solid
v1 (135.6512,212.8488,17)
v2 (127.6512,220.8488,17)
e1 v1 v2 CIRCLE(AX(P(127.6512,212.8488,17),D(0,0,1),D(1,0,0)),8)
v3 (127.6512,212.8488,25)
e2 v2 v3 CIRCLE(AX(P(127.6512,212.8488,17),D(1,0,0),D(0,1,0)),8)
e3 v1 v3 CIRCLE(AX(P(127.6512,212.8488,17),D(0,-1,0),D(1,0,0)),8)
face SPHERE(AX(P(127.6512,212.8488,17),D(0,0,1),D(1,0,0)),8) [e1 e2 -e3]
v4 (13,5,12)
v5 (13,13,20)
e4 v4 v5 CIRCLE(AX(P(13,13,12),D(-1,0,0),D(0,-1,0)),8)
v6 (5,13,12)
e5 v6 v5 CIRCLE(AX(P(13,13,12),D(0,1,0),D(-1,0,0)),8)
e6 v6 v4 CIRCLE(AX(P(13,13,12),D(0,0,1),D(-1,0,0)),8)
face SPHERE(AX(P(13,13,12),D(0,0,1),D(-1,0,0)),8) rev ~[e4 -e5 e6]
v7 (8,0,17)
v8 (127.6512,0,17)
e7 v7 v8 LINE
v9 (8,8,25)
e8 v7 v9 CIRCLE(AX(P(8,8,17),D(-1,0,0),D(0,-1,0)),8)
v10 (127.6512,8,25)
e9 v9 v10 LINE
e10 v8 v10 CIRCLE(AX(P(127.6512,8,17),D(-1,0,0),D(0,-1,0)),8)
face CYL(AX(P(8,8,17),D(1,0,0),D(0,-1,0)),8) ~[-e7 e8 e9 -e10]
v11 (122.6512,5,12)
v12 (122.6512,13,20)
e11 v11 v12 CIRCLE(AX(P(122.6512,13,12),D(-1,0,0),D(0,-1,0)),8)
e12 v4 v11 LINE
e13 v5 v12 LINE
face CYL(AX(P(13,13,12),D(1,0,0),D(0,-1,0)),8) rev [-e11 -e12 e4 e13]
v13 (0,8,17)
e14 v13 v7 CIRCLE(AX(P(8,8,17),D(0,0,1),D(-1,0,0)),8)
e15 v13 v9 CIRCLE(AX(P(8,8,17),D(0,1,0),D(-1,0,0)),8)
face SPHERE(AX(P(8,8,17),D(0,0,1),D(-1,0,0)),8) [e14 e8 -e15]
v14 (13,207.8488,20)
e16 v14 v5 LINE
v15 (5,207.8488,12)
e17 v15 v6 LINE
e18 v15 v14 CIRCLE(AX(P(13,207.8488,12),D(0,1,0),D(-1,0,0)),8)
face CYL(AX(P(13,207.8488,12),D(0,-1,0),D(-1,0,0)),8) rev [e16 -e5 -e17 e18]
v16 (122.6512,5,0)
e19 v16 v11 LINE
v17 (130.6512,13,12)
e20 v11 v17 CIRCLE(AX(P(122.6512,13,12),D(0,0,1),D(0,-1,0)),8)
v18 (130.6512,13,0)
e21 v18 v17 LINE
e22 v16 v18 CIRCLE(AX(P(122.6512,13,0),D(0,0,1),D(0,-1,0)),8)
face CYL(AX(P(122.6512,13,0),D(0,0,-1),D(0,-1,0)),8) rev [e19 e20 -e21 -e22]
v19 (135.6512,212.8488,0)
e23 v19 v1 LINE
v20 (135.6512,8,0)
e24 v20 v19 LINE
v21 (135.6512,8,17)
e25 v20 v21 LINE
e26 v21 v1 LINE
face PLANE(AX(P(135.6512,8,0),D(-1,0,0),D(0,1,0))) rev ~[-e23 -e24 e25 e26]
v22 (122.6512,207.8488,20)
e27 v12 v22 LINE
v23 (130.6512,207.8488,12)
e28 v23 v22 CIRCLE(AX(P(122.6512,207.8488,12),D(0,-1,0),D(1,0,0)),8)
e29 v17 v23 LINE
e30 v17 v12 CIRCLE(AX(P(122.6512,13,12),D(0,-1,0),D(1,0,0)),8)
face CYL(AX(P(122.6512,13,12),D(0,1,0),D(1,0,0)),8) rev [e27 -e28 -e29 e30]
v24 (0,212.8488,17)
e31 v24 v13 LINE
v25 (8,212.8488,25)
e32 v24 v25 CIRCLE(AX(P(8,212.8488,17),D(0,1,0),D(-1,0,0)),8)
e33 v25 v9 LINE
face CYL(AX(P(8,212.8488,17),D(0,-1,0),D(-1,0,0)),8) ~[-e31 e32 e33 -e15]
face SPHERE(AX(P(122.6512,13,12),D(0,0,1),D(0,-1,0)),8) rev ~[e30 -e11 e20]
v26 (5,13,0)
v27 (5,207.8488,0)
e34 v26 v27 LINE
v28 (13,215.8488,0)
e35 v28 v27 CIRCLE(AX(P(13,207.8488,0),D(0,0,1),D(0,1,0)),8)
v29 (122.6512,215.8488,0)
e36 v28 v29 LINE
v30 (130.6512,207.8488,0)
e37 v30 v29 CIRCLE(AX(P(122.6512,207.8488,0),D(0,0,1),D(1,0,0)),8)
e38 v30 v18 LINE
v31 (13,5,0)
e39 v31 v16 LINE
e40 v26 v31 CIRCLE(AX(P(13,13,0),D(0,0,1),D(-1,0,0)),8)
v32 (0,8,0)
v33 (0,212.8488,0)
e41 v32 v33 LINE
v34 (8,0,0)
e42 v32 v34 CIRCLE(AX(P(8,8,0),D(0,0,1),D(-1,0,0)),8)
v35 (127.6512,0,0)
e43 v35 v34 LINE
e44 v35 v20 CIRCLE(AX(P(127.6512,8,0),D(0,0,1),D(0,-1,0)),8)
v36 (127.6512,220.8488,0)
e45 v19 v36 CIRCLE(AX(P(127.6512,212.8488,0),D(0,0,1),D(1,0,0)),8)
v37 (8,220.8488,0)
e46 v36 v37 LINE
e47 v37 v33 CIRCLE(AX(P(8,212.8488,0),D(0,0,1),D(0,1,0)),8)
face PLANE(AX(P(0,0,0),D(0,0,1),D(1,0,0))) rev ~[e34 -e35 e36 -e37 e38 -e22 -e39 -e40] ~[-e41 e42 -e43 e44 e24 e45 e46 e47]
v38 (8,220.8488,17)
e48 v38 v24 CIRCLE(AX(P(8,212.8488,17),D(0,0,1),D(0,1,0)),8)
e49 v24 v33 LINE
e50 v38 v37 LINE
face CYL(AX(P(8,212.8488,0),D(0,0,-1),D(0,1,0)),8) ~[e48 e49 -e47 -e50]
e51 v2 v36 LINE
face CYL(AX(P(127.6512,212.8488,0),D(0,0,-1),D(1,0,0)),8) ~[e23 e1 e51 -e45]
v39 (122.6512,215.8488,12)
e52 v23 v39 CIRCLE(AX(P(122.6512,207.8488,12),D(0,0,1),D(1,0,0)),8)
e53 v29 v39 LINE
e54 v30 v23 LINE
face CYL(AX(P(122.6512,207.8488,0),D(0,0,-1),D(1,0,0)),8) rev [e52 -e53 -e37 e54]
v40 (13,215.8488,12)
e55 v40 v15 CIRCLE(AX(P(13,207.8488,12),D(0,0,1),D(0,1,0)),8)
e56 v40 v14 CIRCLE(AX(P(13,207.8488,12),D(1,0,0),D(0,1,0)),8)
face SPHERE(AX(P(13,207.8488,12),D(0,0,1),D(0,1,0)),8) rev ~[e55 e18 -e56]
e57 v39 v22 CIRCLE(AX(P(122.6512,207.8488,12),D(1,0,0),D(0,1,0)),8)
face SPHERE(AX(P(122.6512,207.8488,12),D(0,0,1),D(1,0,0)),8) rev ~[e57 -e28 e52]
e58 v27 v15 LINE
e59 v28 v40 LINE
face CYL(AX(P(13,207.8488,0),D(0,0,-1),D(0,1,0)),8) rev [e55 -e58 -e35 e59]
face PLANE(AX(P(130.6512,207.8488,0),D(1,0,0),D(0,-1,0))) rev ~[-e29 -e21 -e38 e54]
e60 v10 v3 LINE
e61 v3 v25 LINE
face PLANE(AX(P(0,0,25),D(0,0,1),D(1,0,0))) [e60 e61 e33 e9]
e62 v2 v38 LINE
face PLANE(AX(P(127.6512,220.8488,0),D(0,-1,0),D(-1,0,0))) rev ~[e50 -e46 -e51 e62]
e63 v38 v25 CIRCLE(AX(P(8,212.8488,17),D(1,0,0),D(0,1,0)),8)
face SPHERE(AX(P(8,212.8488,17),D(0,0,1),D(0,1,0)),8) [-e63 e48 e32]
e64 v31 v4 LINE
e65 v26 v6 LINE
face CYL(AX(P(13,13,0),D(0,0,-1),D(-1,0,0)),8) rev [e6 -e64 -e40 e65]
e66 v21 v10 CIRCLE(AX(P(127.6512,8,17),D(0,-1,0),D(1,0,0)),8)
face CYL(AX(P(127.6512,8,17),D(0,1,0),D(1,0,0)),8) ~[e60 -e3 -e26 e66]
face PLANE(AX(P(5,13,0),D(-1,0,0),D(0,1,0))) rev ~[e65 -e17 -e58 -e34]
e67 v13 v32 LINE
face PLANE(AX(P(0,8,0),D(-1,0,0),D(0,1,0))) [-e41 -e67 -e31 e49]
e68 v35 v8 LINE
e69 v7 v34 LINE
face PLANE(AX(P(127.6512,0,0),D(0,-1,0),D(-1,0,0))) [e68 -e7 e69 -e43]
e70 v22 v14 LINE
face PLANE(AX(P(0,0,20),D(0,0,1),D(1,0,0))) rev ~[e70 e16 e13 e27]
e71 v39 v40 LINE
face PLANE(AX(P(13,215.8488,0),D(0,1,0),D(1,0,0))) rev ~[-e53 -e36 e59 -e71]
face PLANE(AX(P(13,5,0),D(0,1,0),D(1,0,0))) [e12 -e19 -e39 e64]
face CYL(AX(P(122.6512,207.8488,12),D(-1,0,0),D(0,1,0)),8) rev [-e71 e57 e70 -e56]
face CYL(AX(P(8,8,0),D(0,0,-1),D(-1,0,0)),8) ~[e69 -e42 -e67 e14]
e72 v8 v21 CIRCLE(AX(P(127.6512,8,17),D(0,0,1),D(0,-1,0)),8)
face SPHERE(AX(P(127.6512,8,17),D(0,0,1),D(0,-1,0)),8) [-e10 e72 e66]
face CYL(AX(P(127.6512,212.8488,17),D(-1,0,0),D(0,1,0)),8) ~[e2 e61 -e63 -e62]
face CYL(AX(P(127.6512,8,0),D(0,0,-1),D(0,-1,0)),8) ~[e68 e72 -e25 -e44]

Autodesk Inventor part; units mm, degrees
ref_plane "YZ Plane" through (0, 0, 0) normal (1, 0, 0) x (0, 1, 0)
ref_plane "XZ Plane" through (0, 0, 0) normal (0, 1, 0) x (-1, 0, 0)
ref_plane "XY Plane" through (0, 0, 0) normal (0, 0, 1) x (1, 0, 0)
sketch "Эскиз1" plane through (0, 0, 0) normal (0, 0, 1) x (1, 0, 0)
  line L0 (5, 13) -> (5, 207.8488) projected
  arc A0 (13, 215.8488) -> (5, 207.8488) centre (13, 207.8488) ccw projected
  line L1 (13, 215.8488) -> (122.6512, 215.8488) projected
  arc A1 (130.6512, 207.8488) -> (122.6512, 215.8488) centre (122.6512, 207.8488) ccw projected
  line L2 (130.6512, 207.8488) -> (130.6512, 13) projected
  arc A2 (122.6512, 5) -> (130.6512, 13) centre (122.6512, 13) ccw projected
  line L3 (13, 5) -> (122.6512, 5) projected
  arc A3 (5, 13) -> (13, 5) centre (13, 13) ccw projected
  arc A4 (127.6512, 0) -> (135.6512, 8) centre (127.6512, 8) ccw projected
  line L4 (135.6512, 8) -> (135.6512, 212.8488) projected
  arc A5 (135.6512, 212.8488) -> (127.6512, 220.8488) centre (127.6512, 212.8488) ccw projected
  line L5 (127.6512, 220.8488) -> (8, 220.8488) projected
  arc A6 (8, 220.8488) -> (0, 212.8488) centre (8, 212.8488) ccw projected
  line L6 (0, 8) -> (0, 212.8488) projected
  arc A7 (0, 8) -> (8, 0) centre (8, 8) ccw projected
  line L7 (127.6512, 0) -> (8, 0) projected
  point P0 (0, 0)
extrude "Выдавливание1" add sketch "Эскиз1" along normal blind 20
sketch "Эскиз2" plane through (0, 0, 20) normal (0, 0, 1) x (1, 0, 0)
  line L0 (8, 0) -> (127.6512, 0) projected
  arc A0 (127.6512, 0) -> (135.6512, 8) centre (127.6512, 8) ccw projected
  line L1 (135.6512, 8) -> (135.6512, 212.8488) projected
  arc A1 (135.6512, 212.8488) -> (127.6512, 220.8488) centre (127.6512, 212.8488) ccw projected
  line L2 (127.6512, 220.8488) -> (8, 220.8488) projected
  arc A2 (8, 220.8488) -> (0, 212.8488) centre (8, 212.8488) ccw projected
  line L3 (0, 212.8488) -> (0, 8) projected
  arc A3 (0, 8) -> (8, 0) centre (8, 8) ccw projected
  arc A4 (5, 13) -> (13, 5) centre (13, 13) ccw projected
  line L4 (5, 13) -> (5, 207.8488) projected
  arc A5 (13, 215.8488) -> (5, 207.8488) centre (13, 207.8488) ccw projected
  line L5 (13, 215.8488) -> (122.6512, 215.8488) projected
  arc A6 (130.6512, 207.8488) -> (122.6512, 215.8488) centre (122.6512, 207.8488) ccw projected
  line L6 (130.6512, 207.8488) -> (130.6512, 13) projected
  arc A7 (122.6512, 5) -> (130.6512, 13) centre (122.6512, 13) ccw projected
  line L7 (122.6512, 5) -> (13, 5) projected
  point P0 (0, 0)
extrude "Выдавливание2" add sketch "Эскиз2" along normal blind 5 contours A3 L3 A2 L2 A1 L1 A0 L0 | L4 A5 L5 A6 L6 A7 L7 A4
fillet "Сопряжение1" radius 8 16 edges at (133.308, 218.5056, 25) (67.8256, 220.8488, 25) (2.3431, 218.5056, 25) (0, 110.4244, 25) (2.3431, 2.3431, 25) (67.8256, 0, 25) (133.308, 2.3431, 25) (135.6512, 110.4244, 25) (128.308, 7.3431, 20) (67.8256, 5, 20) (7.3431, 7.3431, 20) (5, 110.4244, 20) (7.3431, 213.5056, 20) (67.8256, 215.8488, 20) (128.308, 213.5056, 20) (130.6512, 110.4244, 20)
properties part number "kris"
